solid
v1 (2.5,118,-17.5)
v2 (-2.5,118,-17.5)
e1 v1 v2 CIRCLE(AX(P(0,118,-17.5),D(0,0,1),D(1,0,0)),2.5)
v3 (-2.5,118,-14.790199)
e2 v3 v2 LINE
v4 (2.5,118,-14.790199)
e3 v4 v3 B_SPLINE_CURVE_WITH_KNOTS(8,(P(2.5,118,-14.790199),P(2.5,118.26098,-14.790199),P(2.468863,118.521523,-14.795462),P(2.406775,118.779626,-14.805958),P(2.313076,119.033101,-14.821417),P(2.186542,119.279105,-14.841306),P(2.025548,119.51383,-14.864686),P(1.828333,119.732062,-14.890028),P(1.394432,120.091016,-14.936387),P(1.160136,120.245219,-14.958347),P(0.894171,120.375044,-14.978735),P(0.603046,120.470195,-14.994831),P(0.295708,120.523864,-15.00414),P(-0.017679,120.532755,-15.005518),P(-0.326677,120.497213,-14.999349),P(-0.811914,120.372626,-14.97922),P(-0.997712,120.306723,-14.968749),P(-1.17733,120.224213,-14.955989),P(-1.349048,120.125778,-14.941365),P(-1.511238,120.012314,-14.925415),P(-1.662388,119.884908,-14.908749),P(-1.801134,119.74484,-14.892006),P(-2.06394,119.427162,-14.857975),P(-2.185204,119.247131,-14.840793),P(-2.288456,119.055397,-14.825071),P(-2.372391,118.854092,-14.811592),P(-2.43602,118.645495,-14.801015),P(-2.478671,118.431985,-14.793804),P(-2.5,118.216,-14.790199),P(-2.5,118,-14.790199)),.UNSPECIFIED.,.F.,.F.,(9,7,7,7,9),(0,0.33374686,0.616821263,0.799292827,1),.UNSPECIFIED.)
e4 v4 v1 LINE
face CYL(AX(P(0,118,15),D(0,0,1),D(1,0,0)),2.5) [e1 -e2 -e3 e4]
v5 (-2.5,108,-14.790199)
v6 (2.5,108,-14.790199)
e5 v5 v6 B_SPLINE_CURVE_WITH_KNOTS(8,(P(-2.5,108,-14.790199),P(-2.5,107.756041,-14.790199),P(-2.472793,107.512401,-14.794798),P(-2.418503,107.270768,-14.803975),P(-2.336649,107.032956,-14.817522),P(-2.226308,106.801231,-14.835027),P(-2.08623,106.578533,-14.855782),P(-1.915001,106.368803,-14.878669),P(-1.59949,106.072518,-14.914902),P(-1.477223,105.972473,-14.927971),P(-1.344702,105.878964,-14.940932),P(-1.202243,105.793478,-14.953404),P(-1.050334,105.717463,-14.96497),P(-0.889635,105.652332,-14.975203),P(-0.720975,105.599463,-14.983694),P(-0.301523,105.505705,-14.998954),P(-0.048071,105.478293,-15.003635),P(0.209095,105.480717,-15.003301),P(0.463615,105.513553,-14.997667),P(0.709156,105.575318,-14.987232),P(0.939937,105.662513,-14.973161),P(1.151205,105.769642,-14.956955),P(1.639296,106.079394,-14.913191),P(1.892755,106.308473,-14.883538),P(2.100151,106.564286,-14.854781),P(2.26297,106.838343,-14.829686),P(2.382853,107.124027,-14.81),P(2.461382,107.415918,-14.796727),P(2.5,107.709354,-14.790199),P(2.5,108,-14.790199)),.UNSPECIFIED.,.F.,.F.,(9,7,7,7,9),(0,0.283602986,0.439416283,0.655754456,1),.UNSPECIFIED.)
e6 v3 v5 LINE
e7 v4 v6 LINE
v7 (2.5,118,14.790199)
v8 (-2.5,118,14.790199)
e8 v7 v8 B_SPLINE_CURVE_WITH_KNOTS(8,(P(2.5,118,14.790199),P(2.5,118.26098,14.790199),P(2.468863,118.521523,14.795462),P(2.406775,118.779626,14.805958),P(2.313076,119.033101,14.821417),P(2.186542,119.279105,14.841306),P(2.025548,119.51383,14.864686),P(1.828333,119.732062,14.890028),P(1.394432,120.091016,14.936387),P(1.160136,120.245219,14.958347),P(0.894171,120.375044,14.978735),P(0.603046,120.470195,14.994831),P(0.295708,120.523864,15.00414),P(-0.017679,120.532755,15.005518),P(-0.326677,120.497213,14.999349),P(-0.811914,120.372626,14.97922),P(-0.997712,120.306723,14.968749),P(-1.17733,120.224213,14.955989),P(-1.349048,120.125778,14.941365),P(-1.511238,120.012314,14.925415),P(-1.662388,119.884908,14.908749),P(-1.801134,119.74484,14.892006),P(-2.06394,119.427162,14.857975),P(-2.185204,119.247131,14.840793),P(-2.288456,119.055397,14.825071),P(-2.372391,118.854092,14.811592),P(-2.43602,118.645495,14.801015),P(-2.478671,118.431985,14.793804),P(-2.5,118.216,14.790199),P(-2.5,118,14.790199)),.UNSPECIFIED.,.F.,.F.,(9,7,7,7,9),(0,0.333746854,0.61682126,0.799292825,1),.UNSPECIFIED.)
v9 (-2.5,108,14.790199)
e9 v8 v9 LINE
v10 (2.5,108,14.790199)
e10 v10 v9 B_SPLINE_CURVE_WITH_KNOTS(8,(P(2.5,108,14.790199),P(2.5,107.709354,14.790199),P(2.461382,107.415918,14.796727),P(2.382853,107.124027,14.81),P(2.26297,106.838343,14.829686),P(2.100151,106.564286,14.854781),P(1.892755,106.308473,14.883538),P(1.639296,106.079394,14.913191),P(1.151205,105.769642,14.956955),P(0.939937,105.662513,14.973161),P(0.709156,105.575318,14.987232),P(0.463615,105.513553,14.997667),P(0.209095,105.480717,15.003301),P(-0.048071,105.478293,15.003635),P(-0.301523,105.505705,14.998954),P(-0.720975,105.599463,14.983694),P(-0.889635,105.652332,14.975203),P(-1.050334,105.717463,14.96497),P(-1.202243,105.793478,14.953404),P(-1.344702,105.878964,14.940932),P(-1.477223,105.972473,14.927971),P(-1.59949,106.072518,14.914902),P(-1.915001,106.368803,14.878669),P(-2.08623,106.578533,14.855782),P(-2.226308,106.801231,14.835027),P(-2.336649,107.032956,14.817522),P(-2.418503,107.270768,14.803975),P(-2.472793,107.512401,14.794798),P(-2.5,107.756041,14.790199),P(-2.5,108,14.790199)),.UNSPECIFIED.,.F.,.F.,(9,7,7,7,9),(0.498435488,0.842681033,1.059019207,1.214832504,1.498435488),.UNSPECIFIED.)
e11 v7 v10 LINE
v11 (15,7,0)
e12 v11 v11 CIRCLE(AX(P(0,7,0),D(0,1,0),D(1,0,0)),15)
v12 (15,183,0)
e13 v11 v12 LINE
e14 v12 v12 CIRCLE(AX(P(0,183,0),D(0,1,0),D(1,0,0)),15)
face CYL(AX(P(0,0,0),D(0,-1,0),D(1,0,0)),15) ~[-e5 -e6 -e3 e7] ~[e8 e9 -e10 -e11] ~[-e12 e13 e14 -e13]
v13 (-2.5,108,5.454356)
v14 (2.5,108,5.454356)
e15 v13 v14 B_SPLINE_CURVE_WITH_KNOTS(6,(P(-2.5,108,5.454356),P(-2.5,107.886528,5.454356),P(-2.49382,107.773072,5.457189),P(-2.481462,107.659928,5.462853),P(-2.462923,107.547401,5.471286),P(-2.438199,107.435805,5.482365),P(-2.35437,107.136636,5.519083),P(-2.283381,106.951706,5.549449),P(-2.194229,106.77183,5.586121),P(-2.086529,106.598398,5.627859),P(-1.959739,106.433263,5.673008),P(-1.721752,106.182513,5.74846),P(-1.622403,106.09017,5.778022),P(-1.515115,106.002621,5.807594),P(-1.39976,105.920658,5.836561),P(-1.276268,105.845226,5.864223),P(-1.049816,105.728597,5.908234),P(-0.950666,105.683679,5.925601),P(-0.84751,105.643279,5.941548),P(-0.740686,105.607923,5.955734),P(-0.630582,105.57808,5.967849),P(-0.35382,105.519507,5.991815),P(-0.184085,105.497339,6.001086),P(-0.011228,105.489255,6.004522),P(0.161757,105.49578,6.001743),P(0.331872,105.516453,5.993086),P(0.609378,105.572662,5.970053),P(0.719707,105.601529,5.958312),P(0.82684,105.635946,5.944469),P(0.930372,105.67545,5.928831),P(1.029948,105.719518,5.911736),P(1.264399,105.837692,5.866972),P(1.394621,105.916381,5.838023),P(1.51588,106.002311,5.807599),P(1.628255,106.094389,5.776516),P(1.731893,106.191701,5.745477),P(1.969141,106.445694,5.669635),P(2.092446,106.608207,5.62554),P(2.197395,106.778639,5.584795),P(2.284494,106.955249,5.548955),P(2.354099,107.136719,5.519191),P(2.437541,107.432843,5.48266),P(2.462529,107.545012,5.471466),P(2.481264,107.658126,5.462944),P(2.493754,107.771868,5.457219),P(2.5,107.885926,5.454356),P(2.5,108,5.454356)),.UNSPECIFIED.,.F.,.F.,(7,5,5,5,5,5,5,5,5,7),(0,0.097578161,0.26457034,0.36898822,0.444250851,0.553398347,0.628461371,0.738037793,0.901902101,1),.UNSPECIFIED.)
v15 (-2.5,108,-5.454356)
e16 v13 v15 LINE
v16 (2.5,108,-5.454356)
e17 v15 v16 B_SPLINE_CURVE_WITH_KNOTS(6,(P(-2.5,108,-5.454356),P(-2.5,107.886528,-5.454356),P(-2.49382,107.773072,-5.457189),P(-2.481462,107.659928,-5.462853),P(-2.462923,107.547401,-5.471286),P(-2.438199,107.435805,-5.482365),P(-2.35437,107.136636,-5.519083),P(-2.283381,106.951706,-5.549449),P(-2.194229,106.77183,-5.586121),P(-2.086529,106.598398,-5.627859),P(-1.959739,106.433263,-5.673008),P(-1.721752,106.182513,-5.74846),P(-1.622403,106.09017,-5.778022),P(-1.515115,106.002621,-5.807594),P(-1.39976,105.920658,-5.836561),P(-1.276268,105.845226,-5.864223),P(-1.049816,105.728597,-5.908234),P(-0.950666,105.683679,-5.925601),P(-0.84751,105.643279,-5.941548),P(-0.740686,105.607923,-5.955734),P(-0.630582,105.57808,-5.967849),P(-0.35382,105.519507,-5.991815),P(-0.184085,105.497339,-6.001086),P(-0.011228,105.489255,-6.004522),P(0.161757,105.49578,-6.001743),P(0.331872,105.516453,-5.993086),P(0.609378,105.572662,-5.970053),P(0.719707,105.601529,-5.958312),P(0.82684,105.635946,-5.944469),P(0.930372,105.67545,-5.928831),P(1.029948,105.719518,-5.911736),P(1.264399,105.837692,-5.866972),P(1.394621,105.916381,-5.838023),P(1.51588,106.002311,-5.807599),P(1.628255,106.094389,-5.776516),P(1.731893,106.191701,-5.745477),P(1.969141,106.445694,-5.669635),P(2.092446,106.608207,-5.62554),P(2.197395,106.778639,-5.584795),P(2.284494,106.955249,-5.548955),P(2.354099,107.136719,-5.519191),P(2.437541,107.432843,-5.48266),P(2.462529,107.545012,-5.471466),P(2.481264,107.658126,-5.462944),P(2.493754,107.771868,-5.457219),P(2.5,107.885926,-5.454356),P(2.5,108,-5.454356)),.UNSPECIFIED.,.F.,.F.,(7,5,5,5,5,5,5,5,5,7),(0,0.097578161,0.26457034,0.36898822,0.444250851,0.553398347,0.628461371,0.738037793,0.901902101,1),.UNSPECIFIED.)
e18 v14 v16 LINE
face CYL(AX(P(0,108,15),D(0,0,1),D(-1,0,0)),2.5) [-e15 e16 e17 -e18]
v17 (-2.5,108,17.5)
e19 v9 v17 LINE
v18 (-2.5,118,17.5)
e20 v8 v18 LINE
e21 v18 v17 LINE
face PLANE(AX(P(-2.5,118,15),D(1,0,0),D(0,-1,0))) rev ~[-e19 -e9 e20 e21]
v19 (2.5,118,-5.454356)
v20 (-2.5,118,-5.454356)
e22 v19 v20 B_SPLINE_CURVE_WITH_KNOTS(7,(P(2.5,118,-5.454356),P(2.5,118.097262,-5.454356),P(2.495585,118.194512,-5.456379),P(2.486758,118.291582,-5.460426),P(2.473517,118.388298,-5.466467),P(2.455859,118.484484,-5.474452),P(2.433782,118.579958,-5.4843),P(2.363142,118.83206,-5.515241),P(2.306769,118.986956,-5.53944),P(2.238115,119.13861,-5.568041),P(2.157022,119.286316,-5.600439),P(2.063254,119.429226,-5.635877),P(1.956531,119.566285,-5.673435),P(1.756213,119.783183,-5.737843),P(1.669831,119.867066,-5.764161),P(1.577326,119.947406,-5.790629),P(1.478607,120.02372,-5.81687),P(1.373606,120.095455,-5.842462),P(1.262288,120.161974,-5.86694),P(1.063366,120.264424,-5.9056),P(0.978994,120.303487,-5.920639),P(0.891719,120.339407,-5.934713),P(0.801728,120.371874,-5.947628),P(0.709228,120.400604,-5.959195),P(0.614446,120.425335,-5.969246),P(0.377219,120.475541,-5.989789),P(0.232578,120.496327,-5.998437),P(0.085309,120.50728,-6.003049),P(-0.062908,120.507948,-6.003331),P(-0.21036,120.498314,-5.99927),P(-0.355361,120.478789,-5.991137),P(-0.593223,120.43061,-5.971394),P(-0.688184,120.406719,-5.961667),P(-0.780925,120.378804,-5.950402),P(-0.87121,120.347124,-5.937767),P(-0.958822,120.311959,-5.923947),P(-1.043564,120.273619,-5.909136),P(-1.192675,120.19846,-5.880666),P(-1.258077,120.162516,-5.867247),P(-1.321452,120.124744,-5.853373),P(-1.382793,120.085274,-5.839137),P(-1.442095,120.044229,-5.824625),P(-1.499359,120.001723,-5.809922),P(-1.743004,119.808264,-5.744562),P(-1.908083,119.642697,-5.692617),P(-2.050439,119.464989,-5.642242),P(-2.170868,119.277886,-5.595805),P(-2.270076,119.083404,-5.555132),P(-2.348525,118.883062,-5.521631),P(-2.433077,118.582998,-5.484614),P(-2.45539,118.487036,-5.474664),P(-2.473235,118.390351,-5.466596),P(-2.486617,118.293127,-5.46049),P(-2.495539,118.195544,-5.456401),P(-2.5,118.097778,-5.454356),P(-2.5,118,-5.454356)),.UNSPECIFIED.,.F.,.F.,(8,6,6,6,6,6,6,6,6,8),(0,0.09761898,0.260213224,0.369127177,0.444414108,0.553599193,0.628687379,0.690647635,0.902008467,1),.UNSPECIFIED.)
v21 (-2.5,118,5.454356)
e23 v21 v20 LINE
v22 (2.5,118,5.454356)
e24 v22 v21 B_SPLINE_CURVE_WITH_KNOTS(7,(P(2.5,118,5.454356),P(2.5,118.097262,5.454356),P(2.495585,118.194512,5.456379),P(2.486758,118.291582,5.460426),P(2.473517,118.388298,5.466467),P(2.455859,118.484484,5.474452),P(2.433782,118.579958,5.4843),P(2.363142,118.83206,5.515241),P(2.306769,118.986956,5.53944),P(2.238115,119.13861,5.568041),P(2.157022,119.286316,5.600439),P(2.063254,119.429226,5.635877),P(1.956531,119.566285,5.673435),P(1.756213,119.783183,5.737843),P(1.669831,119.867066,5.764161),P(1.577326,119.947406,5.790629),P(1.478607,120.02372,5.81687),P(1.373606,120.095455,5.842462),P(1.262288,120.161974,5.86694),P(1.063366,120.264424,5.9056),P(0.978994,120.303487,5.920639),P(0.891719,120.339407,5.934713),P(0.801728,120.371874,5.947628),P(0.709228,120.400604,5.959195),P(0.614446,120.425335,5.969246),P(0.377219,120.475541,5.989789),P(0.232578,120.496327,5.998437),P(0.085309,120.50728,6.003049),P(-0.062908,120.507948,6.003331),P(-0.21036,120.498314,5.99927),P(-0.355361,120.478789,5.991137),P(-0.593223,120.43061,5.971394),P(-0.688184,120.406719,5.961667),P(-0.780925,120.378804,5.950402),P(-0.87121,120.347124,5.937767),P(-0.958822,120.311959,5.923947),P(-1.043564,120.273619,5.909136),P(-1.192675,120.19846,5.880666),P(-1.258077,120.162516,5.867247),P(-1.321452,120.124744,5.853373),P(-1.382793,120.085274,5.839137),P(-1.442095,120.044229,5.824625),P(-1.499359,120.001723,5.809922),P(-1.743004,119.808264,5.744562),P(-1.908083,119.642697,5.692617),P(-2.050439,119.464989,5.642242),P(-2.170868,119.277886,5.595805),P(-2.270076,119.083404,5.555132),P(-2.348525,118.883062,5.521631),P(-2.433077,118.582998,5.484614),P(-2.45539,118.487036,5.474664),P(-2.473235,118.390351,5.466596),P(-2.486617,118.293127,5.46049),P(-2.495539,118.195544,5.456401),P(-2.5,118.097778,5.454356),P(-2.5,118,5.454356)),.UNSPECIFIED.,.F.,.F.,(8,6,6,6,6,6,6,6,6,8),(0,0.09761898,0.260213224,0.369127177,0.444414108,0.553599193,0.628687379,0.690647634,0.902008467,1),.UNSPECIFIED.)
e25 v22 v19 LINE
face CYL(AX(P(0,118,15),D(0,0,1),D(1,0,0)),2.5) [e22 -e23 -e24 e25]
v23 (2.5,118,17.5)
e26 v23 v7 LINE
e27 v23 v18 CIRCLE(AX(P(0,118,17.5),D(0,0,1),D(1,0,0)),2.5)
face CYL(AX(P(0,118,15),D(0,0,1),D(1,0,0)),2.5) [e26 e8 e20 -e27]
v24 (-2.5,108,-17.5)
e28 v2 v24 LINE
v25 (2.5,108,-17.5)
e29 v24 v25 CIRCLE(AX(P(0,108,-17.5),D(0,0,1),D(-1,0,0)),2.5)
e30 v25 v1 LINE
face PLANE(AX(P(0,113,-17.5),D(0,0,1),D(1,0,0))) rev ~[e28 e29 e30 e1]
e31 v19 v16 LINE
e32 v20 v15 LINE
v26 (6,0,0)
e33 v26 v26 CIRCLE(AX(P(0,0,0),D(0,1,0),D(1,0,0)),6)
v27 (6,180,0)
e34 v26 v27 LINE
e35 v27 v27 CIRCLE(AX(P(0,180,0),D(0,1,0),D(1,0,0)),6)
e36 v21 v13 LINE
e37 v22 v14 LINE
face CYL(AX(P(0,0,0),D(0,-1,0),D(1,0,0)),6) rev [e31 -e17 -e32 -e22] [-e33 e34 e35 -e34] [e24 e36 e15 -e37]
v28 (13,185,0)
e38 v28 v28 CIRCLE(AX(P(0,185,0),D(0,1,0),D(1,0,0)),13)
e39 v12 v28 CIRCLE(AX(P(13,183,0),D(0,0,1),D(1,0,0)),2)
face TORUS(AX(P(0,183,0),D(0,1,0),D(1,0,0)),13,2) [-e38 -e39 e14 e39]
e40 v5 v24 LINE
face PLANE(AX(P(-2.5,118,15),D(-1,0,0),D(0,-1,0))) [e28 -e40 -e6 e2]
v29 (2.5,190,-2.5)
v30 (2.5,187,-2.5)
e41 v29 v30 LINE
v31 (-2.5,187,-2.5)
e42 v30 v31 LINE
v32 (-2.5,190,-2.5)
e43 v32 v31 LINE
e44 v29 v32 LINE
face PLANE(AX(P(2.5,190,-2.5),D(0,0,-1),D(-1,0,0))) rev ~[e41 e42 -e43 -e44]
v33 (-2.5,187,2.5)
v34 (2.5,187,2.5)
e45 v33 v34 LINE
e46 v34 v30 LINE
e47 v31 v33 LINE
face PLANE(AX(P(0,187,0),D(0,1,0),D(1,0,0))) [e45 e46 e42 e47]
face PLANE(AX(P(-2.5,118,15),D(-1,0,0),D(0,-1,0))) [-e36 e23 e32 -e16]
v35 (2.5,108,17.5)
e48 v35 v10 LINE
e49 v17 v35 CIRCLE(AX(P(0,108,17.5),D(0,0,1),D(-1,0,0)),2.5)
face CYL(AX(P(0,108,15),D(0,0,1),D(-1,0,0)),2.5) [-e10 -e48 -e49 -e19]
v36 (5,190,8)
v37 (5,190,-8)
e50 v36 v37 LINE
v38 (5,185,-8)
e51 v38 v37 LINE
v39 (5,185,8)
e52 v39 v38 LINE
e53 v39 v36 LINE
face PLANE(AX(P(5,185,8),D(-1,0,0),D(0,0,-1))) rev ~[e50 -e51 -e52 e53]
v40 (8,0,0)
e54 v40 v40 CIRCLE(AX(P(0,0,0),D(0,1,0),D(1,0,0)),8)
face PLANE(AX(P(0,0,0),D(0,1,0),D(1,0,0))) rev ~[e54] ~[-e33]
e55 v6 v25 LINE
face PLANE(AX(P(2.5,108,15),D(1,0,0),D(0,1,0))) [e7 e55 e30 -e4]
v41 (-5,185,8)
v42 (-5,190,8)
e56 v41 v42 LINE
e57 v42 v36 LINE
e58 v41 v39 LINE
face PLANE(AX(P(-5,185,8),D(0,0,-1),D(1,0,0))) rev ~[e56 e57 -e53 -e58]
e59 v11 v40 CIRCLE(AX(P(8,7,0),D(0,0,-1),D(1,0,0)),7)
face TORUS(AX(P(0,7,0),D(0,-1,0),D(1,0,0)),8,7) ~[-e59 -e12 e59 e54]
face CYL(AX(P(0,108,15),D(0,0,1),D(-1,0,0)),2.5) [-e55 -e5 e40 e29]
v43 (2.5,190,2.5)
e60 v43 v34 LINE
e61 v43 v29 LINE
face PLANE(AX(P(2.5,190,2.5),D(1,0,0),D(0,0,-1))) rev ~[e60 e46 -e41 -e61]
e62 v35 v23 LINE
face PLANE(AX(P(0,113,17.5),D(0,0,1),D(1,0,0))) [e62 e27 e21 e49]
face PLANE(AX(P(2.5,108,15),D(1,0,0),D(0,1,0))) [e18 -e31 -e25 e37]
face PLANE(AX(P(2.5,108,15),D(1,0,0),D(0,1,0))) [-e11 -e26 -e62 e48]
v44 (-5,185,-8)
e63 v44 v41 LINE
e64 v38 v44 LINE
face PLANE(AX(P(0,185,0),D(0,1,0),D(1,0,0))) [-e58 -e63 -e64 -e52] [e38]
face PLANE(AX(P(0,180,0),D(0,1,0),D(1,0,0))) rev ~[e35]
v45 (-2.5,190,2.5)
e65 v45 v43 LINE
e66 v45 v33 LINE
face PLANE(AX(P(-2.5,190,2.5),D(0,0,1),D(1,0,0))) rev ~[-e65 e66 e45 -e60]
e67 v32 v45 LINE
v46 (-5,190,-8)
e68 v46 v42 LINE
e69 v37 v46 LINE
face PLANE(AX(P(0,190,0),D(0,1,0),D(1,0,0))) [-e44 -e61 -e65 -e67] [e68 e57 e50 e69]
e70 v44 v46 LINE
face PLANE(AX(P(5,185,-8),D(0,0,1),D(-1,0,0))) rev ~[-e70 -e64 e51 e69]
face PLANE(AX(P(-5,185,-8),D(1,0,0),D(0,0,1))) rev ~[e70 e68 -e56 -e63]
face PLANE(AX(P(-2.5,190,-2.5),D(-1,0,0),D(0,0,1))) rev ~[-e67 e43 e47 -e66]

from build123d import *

# Parameters (mm, degrees)
SKETCH1_R                = 15
BOSS_EXTRUDE1_DEPTH      = 185
FILLET2_R                = 7
FILLET3_R                = 2
SKETCH2_R                = 6
CUT_EXTRUDE1_DEPTH       = 180
BOSS_EXTRUDE3_DEPTH      = 2.5
BOSS_EXTRUDE3_DEPTH_BACK = 32.5
BOSS_EXTRUDE4_START      = 185
BOSS_EXTRUDE4_DEPTH      = 5
CUT_EXTRUDE3_DEPTH       = 3


with BuildPart() as part:
    # Sketch1 → Boss-Extrude1 (new body)
    with BuildSketch(Plane(origin=(0, 0, 0), x_dir=(1, 0, 0), z_dir=(0, 1, 0))):
        Circle(SKETCH1_R)
    extrude(amount=BOSS_EXTRUDE1_DEPTH)

    # Fillet2
    fillet2_edges = [part.edges().sort_by_distance(p)[0] for p in [
        (-15, 0, 0),
    ]]
    fillet(fillet2_edges, radius=FILLET2_R)

    # Fillet3
    fillet3_edges = [part.edges().sort_by_distance(p)[0] for p in [
        (-15, 185, 0),
    ]]
    fillet(fillet3_edges, radius=FILLET3_R)

    # Sketch2 → Cut-Extrude1 (cut)
    with BuildSketch(Plane(origin=(0, 0, 0), x_dir=(1, 0, 0), z_dir=(0, 1, 0))):
        Circle(SKETCH2_R)
    extrude(amount=CUT_EXTRUDE1_DEPTH, mode=Mode.SUBTRACT)

    # Sketch7 → Boss-Extrude3 (add, two sides)
    with BuildSketch(Plane.XY.offset(15)) as boss_extrude3_sk:
        with BuildLine():
            Line((2.5, 113), (2.5, 118))
            ThreePointArc((2.5, 118), (0, 120.5), (-2.5, 118))
            Line((-2.5, 118), (-2.5, 113))
            Line((-2.5, 113), (-2.5, 108))
            ThreePointArc((-2.5, 108), (0, 105.5), (2.5, 108))
            Line((2.5, 108), (2.5, 113))
        make_face()
    extrude(amount=BOSS_EXTRUDE3_DEPTH)
    extrude(boss_extrude3_sk.sketch, amount=-BOSS_EXTRUDE3_DEPTH_BACK)

    # Sketch8 → Boss-Extrude4 (add)
    with BuildSketch(Plane(origin=(0, 0, 0), x_dir=(1, 0, 0), z_dir=(0, 1, 0)).offset(BOSS_EXTRUDE4_START)):
        Polygon((0, 8), (-5, 8), (-5, 0), (-5, -8), (0, -8), (5, -8), (5, 0), (5, 8), align=None)
    extrude(amount=BOSS_EXTRUDE4_DEPTH)

    # Sketch10 → Cut-Extrude3 (cut)
    with BuildSketch(Plane(origin=(0, 190, 0), x_dir=(1, 0, 0), z_dir=(0, 1, 0))):
        Polygon((0, -2.5), (2.5, -2.5), (2.5, 2.5), (0, 2.5), (-2.5, 2.5), (-2.5, -2.5), align=None)
    extrude(amount=-CUT_EXTRUDE3_DEPTH, mode=Mode.SUBTRACT)


solid = part.part
